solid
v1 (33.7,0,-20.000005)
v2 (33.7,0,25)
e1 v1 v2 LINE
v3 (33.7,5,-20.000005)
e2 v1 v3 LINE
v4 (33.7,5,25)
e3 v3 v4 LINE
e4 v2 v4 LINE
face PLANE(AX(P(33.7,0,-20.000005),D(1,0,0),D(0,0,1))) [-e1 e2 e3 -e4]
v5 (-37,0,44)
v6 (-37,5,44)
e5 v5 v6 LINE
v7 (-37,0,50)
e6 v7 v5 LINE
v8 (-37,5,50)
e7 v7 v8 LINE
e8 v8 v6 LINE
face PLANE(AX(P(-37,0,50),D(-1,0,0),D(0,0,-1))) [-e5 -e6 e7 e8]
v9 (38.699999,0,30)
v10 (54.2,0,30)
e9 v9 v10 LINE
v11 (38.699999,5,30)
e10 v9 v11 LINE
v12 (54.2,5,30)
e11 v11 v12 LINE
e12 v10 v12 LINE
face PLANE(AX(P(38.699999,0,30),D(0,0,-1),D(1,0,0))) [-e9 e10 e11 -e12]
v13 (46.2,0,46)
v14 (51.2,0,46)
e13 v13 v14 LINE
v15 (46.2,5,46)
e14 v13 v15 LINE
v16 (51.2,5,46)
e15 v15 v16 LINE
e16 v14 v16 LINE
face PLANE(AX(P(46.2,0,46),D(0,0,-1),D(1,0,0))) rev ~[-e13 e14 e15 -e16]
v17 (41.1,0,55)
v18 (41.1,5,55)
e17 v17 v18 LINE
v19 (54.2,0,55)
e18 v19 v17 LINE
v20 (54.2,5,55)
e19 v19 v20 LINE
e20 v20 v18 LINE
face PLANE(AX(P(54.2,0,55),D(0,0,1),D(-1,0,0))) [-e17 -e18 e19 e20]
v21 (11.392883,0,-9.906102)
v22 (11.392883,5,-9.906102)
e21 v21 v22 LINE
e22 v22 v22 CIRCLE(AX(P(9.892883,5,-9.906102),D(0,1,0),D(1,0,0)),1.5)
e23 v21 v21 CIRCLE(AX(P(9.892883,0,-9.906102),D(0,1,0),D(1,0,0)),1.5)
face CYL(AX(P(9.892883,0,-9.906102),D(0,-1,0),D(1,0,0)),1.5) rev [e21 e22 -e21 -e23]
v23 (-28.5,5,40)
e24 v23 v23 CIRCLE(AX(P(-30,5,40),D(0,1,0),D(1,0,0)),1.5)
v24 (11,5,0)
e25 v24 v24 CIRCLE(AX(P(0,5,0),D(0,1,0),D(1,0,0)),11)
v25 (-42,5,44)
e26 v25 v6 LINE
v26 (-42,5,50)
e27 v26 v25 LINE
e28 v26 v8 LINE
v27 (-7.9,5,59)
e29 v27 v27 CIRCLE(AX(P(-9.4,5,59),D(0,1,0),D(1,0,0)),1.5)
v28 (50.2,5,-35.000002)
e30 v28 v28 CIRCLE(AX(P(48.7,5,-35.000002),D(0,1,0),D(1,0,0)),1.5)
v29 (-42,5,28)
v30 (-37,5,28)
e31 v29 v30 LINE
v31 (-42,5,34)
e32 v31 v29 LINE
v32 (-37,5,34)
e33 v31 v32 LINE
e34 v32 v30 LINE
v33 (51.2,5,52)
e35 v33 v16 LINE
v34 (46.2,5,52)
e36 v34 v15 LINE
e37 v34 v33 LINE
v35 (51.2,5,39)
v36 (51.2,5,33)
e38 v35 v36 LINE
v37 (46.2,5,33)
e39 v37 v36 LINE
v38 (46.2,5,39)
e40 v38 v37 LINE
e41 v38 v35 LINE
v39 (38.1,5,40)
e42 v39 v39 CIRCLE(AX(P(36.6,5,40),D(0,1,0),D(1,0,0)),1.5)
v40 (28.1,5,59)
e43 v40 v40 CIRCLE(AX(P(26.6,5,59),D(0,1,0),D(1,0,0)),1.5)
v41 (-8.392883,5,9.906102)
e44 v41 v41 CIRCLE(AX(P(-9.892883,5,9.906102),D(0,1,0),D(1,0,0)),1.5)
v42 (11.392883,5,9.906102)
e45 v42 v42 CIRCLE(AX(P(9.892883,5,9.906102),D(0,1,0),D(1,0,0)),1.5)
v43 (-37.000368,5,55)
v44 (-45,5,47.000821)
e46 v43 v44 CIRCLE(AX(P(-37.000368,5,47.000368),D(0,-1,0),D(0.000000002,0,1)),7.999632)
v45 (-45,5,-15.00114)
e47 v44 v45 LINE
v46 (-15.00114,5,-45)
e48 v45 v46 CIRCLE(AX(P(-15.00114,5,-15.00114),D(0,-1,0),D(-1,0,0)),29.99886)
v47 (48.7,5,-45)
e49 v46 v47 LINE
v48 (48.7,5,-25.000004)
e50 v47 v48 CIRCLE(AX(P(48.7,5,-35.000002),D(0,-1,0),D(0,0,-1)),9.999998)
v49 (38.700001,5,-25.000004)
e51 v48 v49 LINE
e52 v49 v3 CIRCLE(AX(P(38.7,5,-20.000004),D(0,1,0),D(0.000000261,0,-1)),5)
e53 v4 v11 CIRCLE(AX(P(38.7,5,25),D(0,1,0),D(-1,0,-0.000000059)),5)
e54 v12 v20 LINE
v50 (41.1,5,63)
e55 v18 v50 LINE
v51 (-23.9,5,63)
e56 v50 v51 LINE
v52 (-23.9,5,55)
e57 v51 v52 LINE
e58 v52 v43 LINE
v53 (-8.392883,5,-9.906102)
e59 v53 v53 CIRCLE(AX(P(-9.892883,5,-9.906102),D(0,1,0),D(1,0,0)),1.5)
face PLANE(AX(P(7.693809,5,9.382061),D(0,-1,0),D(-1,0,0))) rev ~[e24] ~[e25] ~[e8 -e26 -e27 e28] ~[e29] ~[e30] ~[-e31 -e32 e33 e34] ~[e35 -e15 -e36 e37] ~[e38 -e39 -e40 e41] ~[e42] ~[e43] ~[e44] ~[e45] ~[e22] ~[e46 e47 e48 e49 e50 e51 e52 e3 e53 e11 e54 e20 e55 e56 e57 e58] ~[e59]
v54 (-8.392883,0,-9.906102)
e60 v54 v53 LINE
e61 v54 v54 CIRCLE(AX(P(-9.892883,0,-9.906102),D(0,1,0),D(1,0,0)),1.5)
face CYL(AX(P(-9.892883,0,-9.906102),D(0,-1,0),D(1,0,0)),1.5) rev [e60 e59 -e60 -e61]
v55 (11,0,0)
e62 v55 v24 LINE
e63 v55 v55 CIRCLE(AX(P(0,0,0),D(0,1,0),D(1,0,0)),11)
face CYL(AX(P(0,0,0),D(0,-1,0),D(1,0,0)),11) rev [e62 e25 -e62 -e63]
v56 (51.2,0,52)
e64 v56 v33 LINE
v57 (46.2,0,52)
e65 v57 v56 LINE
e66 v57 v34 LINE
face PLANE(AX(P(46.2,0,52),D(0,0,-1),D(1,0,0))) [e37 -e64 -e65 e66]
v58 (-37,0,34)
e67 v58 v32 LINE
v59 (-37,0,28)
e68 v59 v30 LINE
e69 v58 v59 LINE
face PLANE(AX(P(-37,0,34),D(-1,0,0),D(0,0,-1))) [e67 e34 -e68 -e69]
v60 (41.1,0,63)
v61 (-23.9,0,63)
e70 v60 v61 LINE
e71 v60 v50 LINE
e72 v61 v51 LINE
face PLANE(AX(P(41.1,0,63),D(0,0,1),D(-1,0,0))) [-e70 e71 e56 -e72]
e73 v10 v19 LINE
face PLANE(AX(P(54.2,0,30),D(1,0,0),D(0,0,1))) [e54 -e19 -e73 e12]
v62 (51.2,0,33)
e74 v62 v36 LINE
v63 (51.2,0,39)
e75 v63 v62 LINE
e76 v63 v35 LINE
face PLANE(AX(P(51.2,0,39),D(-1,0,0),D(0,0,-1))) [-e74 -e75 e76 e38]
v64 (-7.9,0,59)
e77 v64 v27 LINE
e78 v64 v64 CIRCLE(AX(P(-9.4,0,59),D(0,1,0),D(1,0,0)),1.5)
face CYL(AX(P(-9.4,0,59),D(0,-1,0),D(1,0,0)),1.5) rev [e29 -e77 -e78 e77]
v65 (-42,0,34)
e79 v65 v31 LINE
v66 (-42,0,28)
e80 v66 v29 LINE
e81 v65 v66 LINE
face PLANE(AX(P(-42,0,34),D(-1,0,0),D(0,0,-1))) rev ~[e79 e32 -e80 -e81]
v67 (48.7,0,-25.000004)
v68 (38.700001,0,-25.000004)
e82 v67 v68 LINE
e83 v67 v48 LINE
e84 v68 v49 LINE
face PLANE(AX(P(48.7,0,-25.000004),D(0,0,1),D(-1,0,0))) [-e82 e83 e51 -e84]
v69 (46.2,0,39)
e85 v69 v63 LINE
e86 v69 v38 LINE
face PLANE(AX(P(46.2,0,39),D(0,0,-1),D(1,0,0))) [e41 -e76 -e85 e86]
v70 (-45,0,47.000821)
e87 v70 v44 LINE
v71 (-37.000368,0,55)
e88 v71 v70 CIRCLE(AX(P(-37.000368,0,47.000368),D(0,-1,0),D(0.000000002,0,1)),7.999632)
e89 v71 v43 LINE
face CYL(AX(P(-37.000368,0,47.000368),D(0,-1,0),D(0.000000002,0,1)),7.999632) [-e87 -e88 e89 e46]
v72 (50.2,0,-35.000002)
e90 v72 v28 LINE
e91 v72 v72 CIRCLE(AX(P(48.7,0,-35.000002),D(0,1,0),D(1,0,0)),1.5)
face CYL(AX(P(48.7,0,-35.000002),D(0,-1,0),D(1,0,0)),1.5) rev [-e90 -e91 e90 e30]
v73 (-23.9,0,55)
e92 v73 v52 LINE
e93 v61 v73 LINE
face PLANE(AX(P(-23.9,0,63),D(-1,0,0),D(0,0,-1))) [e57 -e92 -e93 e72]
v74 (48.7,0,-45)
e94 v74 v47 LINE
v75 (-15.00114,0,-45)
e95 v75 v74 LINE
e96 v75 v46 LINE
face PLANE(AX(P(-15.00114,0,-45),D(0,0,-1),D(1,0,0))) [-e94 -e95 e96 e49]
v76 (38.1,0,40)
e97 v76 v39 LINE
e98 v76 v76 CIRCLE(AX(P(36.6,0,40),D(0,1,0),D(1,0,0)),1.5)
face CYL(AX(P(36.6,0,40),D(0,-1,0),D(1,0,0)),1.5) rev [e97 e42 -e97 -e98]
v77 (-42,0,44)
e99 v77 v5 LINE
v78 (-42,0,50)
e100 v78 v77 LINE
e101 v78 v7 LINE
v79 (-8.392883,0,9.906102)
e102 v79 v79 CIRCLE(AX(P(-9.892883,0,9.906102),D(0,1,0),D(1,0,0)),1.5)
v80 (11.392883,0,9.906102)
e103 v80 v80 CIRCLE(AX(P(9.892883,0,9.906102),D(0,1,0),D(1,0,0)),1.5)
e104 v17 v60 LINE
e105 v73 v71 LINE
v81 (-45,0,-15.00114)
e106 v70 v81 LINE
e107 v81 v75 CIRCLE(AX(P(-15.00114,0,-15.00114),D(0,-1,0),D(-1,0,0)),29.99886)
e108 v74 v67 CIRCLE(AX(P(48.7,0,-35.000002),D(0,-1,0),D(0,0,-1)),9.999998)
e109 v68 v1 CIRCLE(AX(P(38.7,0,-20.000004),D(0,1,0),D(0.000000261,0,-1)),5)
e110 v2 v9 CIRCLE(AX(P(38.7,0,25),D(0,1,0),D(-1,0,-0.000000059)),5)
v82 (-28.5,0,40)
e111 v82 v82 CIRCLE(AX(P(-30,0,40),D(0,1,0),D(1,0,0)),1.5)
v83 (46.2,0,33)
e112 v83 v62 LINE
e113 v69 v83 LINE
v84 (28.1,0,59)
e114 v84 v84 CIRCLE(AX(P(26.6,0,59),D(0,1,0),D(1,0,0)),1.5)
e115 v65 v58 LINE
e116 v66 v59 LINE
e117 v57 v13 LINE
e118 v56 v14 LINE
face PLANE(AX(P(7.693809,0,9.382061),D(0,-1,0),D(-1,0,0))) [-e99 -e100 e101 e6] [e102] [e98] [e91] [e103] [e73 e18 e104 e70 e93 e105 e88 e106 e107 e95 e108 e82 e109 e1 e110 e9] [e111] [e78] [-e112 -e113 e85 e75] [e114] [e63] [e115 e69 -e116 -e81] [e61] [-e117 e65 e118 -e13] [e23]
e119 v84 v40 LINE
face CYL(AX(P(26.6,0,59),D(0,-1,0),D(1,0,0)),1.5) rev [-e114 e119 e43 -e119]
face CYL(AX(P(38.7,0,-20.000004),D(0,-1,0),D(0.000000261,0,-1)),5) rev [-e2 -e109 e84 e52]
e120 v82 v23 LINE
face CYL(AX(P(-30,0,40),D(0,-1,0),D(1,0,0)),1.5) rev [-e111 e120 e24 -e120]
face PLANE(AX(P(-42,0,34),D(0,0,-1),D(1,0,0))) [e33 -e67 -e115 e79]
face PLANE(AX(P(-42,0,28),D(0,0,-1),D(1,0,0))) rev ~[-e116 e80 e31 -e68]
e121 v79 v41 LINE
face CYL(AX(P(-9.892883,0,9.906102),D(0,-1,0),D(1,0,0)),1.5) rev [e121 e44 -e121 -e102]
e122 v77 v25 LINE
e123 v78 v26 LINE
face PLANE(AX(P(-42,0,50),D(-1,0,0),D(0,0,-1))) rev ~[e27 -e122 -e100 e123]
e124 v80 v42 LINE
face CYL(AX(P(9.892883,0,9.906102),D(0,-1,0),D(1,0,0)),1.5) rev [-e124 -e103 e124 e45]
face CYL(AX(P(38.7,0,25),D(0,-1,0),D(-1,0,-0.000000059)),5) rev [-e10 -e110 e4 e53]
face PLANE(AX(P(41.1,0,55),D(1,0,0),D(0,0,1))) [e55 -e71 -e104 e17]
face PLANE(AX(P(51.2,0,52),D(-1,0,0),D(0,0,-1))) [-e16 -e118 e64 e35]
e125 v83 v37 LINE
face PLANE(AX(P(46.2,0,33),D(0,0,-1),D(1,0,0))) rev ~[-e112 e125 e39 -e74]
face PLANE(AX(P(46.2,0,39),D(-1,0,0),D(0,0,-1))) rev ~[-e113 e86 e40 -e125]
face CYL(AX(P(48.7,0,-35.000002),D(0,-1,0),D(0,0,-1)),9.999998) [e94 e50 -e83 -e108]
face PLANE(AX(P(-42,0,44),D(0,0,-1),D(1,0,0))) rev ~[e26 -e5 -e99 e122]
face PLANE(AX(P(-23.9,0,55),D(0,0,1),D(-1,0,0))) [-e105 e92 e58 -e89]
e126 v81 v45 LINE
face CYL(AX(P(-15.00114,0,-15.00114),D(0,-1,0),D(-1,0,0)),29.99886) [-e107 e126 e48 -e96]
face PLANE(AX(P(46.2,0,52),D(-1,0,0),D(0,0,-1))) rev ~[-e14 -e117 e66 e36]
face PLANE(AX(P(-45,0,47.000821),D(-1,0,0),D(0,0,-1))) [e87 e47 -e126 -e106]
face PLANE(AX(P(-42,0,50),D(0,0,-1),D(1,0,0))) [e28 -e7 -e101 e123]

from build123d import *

# Parameters (mm, degrees)
SKETCH1_R           = 11
SKETCH1_R_2         = 1.5
SKETCH1_W           = 5
SKETCH1_H           = 6
BOSS_EXTRUDE1_DEPTH = 5


with BuildPart() as part:
    # Sketch1 → Boss-Extrude1 (new body)
    with BuildSketch(Plane(origin=(0, 0, 0), x_dir=(1, 0, 0), z_dir=(0, 1, 0))):
        with BuildLine():
            Line((48.7, 25.000004028), (38.700001305, 25.000004028))
            ThreePointArc((38.700001305, 25.000004028), (35.164467017, 23.535538857), (33.7, 20.000005334))
            Line((33.7, 20.000005334), (33.7, -25))
            ThreePointArc((33.7, -25), (35.164465799, -28.535533784), (38.699999411, -30))
            Line((38.699999411, -30), (54.2, -30))
            Line((54.2, -30), (54.2, -55))
            Line((54.2, -55), (41.099999997, -55))
            Line((41.099999997, -55), (41.099999997, -63))
            Line((41.099999997, -63), (-23.900000003, -63))
            Line((-23.900000003, -63), (-23.900000003, -55))
            Line((-23.900000003, -55), (-37.00036842, -55))
            ThreePointArc((-37.00036842, -55), (-42.656802211, -52.657122122), (-45.000000024, -47.000820858))
            Line((-45.000000024, -47.000820858), (-45.000000024, 15.001139744))
            ThreePointArc((-45.000000024, 15.001139744), (-36.213537283, 36.213537259), (-15.001139768, 45))
            Line((-15.001139768, 45), (48.7, 45))
            ThreePointArc((48.7, 45), (58.699997986, 35.000002014), (48.7, 25.000004028))
        make_face()
        Circle(SKETCH1_R, mode=Mode.SUBTRACT)
        with Locations((9.89288341, 9.906102051)):
            Circle(SKETCH1_R_2, mode=Mode.SUBTRACT)
        with Locations((9.89288341, -9.906102051)):
            Circle(SKETCH1_R_2, mode=Mode.SUBTRACT)
        with Locations((-9.89288341, -9.906102051)):
            Circle(SKETCH1_R_2, mode=Mode.SUBTRACT)
        with Locations((-9.89288341, 9.906102051)):
            Circle(SKETCH1_R_2, mode=Mode.SUBTRACT)
        with Locations((-9.400000003, -59)):
            Circle(SKETCH1_R_2, mode=Mode.SUBTRACT)
        with Locations((26.599999997, -59)):
            Circle(SKETCH1_R_2, mode=Mode.SUBTRACT)
        with Locations((48.7, 35.000002014)):
            Circle(SKETCH1_R_2, mode=Mode.SUBTRACT)
        with Locations((-30.000000024, -40)):
            Circle(SKETCH1_R_2, mode=Mode.SUBTRACT)
        with Locations((36.599999976, -40)):
            Circle(SKETCH1_R_2, mode=Mode.SUBTRACT)
        with Locations((-39.500000024, -31)):
            Rectangle(SKETCH1_W, SKETCH1_H, mode=Mode.SUBTRACT)
        with Locations((-39.500000024, -47)):
            Rectangle(SKETCH1_W, SKETCH1_H, mode=Mode.SUBTRACT)
        with Locations((48.7, -36)):
            Rectangle(SKETCH1_W, SKETCH1_H, mode=Mode.SUBTRACT)
        with Locations((48.7, -49)):
            Rectangle(SKETCH1_W, SKETCH1_H, mode=Mode.SUBTRACT)
    extrude(amount=BOSS_EXTRUDE1_DEPTH)


solid = part.part
